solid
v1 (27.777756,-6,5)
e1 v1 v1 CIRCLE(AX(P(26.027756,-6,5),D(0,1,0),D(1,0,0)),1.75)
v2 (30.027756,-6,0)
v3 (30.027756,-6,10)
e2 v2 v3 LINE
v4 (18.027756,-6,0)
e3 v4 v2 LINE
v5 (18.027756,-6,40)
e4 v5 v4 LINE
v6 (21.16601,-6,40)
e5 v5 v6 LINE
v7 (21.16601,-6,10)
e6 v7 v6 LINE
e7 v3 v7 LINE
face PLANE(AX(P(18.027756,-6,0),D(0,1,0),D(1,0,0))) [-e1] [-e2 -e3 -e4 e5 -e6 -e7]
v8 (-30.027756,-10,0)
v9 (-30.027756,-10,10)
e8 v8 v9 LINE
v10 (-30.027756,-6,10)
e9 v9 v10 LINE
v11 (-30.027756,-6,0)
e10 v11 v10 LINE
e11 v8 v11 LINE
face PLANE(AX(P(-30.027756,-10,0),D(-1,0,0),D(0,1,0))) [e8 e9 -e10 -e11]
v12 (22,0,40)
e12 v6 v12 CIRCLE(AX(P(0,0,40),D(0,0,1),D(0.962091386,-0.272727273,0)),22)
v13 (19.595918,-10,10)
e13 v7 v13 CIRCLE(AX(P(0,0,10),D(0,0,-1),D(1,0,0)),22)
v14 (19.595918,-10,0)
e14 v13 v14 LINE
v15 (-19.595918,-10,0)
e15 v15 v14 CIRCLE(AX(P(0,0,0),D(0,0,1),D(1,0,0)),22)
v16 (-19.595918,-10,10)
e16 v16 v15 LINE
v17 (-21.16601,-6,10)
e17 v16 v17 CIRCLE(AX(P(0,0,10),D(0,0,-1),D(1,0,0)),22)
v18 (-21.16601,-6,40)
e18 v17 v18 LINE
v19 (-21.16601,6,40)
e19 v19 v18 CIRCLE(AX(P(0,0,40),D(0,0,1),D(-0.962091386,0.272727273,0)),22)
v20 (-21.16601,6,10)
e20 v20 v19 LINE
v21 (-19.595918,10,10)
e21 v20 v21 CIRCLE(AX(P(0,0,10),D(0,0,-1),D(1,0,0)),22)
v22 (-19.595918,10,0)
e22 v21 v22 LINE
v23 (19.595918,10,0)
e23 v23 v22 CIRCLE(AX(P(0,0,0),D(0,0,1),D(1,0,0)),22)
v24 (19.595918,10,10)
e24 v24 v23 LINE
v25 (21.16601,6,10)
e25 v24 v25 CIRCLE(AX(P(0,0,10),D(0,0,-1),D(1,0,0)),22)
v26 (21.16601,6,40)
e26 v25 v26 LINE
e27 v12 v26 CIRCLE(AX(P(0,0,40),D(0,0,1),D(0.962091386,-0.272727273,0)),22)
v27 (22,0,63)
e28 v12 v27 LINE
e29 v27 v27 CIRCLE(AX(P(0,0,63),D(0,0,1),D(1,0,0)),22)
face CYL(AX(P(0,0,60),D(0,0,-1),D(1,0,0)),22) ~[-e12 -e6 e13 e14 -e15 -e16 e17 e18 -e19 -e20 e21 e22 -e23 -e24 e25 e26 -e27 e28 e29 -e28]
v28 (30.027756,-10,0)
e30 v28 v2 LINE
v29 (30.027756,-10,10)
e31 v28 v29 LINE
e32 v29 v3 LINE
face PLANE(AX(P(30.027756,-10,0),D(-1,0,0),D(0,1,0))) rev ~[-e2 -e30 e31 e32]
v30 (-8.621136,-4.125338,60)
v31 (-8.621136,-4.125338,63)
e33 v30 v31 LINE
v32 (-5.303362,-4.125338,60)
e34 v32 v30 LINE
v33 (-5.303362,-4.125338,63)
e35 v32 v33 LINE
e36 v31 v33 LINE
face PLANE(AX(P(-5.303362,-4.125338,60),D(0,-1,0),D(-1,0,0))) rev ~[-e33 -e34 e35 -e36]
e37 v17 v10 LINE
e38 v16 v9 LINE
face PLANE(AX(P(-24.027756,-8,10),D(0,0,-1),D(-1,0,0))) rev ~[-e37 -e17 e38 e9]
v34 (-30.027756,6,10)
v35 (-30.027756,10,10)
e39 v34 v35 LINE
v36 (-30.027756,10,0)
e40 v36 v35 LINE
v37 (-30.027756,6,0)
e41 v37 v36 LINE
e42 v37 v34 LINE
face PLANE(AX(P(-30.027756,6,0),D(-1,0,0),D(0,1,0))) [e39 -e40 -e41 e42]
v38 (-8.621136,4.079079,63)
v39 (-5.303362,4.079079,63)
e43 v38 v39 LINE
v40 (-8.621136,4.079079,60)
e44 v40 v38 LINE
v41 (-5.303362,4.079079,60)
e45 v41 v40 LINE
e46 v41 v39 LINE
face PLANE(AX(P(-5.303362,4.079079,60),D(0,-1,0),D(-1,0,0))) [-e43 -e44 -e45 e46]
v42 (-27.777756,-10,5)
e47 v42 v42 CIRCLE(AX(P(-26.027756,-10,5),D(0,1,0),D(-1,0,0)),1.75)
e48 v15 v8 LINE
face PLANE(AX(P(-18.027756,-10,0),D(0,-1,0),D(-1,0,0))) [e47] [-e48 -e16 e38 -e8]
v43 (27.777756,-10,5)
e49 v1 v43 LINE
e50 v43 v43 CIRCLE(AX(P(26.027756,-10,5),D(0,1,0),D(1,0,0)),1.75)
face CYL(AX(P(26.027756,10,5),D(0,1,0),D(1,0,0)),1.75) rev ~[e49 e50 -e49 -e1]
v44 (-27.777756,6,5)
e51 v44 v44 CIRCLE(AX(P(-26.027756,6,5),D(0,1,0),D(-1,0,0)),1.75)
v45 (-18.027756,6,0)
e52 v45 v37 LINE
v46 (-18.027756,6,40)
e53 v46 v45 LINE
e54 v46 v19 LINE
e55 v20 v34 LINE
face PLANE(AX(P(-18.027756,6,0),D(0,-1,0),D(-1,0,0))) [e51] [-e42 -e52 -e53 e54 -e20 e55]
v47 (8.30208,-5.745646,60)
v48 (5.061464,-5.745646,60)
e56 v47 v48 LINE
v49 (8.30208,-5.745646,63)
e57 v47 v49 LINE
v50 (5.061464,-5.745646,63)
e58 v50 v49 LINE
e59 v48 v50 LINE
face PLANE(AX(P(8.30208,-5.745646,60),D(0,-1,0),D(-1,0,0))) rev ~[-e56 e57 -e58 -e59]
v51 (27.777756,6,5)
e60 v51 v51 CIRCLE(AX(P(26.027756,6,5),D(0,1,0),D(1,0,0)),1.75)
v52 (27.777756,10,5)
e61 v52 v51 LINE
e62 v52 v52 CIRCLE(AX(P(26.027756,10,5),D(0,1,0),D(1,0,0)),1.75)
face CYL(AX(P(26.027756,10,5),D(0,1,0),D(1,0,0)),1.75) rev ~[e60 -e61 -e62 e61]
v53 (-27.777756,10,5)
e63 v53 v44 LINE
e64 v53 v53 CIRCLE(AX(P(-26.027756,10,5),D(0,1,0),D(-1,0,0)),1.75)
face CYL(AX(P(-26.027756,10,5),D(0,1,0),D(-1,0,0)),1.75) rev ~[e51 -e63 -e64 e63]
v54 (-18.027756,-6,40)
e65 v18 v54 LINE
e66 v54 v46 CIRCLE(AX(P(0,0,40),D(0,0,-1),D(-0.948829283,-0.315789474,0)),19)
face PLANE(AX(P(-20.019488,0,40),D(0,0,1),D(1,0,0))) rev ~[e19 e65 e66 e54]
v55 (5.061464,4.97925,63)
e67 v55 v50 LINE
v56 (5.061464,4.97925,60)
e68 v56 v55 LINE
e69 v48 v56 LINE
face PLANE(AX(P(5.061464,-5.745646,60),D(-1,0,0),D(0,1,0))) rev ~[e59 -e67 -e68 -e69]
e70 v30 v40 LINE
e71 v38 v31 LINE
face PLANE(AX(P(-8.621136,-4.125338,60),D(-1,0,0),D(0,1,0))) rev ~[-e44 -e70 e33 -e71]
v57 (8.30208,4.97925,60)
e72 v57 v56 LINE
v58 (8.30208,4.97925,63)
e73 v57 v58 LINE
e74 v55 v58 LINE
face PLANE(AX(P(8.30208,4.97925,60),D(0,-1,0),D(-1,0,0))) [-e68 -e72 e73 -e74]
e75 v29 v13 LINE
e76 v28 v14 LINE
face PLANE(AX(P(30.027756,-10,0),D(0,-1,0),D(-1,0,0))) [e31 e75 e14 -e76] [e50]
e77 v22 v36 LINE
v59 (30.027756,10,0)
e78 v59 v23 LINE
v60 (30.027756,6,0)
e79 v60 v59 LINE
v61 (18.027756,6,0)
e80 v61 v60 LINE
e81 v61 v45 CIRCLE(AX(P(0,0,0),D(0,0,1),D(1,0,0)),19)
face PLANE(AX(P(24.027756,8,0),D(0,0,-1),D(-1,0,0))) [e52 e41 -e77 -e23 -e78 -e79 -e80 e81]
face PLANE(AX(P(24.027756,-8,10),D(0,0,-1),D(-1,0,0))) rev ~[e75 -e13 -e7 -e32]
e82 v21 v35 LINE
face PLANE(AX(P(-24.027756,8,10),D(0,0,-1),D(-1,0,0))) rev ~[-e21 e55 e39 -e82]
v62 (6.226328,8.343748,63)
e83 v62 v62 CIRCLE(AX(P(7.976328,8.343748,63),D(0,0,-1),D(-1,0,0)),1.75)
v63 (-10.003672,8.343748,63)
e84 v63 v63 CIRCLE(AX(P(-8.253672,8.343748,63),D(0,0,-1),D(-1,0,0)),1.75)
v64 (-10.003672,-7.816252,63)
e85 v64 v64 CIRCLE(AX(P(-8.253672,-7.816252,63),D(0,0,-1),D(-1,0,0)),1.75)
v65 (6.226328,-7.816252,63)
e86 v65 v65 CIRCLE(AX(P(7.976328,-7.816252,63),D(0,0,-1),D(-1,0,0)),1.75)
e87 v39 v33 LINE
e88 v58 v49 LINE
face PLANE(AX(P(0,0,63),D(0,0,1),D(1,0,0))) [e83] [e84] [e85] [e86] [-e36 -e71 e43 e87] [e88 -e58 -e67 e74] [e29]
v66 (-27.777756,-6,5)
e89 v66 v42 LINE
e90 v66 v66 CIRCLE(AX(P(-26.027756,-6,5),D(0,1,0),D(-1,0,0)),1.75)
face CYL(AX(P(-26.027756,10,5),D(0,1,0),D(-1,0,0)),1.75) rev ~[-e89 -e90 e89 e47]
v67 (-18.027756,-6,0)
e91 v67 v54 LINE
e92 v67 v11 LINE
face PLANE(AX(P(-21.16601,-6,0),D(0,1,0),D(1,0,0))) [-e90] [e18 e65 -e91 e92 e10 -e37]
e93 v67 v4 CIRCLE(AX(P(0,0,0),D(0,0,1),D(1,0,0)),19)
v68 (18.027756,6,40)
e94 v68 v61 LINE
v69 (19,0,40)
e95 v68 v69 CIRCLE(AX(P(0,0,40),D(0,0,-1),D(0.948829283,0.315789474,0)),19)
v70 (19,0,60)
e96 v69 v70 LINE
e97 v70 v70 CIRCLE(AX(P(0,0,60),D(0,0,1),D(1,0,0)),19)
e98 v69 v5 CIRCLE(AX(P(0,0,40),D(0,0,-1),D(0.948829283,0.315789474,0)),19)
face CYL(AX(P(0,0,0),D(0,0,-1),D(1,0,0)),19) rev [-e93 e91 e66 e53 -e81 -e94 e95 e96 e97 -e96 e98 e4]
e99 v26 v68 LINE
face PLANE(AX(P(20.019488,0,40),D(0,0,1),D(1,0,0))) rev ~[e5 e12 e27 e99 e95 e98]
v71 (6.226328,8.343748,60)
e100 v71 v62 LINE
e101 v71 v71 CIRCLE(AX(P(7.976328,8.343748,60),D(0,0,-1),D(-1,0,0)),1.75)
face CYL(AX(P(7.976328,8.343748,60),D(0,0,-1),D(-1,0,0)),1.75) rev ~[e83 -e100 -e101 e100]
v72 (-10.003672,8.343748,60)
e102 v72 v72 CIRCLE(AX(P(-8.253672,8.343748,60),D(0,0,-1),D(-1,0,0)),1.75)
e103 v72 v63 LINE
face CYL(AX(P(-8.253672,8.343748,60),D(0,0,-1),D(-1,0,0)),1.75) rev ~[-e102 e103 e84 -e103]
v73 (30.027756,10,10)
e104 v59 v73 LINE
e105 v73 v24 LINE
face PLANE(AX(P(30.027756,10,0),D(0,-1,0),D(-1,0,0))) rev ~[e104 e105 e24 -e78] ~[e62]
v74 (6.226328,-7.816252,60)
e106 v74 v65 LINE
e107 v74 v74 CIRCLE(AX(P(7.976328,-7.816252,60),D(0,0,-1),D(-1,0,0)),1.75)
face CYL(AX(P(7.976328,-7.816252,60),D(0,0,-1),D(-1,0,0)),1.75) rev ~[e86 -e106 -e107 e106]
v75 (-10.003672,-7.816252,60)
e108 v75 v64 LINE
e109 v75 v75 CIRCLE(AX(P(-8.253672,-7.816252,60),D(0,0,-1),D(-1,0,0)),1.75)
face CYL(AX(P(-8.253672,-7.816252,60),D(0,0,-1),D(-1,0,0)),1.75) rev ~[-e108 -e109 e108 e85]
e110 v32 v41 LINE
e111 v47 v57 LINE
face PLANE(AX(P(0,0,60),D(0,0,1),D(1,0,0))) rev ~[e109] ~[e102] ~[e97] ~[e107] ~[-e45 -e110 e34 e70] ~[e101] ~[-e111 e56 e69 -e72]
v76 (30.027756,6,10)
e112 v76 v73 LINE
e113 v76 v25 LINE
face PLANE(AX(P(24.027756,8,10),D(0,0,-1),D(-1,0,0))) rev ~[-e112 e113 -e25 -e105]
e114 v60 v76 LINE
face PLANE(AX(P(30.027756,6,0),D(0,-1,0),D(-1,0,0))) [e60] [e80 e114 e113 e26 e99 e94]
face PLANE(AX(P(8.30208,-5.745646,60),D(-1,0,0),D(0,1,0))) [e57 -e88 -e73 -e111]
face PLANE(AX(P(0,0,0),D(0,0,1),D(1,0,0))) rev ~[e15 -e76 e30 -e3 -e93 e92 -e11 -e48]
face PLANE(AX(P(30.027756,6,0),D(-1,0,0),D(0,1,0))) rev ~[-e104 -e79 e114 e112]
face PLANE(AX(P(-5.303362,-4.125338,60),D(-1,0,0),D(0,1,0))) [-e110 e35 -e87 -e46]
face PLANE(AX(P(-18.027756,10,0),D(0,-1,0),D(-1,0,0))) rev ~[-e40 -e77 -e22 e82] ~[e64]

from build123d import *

# Parameters (mm, degrees)
SKETCH1_R           = 22
SKETCH1_R_2         = 19
BOSS_EXTRUDE1_DEPTH = 60
SKETCH2_R           = 22
BOSS_EXTRUDE2_DEPTH = 3
CUT_EXTRUDE1_DEPTH  = 40
SKETCH8_R           = 1.75
SKETCH8_W           = 3.317773355
SKETCH8_H           = 8.204416282
SKETCH8_W_2         = 3.240615835
SKETCH8_H_2         = 10.724895265
CUT_EXTRUDE4_DEPTH  = 68.586980995
SKETCH9_W           = 12
SKETCH9_H           = 4
BOSS_EXTRUDE3_DEPTH = 10
SKETCH10_R          = 1.75
CUT_EXTRUDE5_DEPTH  = 77.776729242


with BuildPart() as part:
    # Sketch1 → Boss-Extrude1 (new body)
    with BuildSketch(Plane.XY):
        Circle(SKETCH1_R)
        Circle(SKETCH1_R_2, mode=Mode.SUBTRACT)
    extrude(amount=BOSS_EXTRUDE1_DEPTH)

    # Sketch2 → Boss-Extrude2 (add)
    with BuildSketch(Plane.XY.offset(60)):
        Circle(SKETCH2_R)
    extrude(amount=BOSS_EXTRUDE2_DEPTH)

    # Sketch3 → Cut-Extrude1 (cut)
    with BuildSketch(Plane(origin=(0, 0, 0), x_dir=(-1, 0, 0), z_dir=(0, 0, -1))):
        with BuildLine():
            Line((-21.166010489, 6), (-18.027756377, 6))
            ThreePointArc((-18.027756377, 6), (-19, 0), (-18.027756377, -6))
            Line((-18.027756377, -6), (-21.166010489, -6))
            ThreePointArc((-21.166010489, -6), (-22, 0), (-21.166010489, 6))
        make_face()
        with BuildLine():
            Line((18.027756377, 6), (21.166010489, 6))
            ThreePointArc((21.166010489, 6), (22, 0), (21.166010489, -6))
            Line((21.166010489, -6), (18.027756377, -6))
            ThreePointArc((18.027756377, -6), (19, 0), (18.027756377, 6))
        make_face()
    extrude(amount=-CUT_EXTRUDE1_DEPTH, mode=Mode.SUBTRACT)

    # Sketch8 → Cut-Extrude4 (cut, through all)
    with BuildSketch(Plane(origin=(0, 0, 60), x_dir=(-1, 0, 0), z_dir=(0, 0, -1))):
        with Locations((-7.976328212, -7.816252109)):
            Circle(SKETCH8_R)
        with Locations((-7.976328212, 8.343747891)):
            Circle(SKETCH8_R)
        with Locations((8.253671788, 8.343747891)):
            Circle(SKETCH8_R)
        with Locations((8.253671788, -7.816252109)):
            Circle(SKETCH8_R)
        with Locations((6.962249116, -0.023129474)):
            Rectangle(SKETCH8_W, SKETCH8_H)
        with Locations((-6.681772319, -0.3831979)):
            Rectangle(SKETCH8_W_2, SKETCH8_H_2)
    extrude(amount=-CUT_EXTRUDE4_DEPTH, mode=Mode.SUBTRACT)

    # Sketch9 → Boss-Extrude3 (add)
    with BuildSketch(Plane(origin=(0, 0, 0), x_dir=(-1, 0, 0), z_dir=(0, 0, -1))):
        with Locations((-24.027756377, 8)):
            Rectangle(SKETCH9_W, SKETCH9_H)
        with Locations((-24.027756377, -8)):
            Rectangle(SKETCH9_W, SKETCH9_H)
        with Locations((24.027756377, -8)):
            Rectangle(SKETCH9_W, SKETCH9_H)
        with Locations((24.027756377, 8)):
            Rectangle(SKETCH9_W, SKETCH9_H)
    extrude(amount=-BOSS_EXTRUDE3_DEPTH)

    # Sketch10 → Cut-Extrude5 (cut, through all)
    with BuildSketch(Plane(origin=(0, 10, 0), x_dir=(1, 0, 0), z_dir=(0, 1, 0))):
        with Locations(Location((-26.027756377, -5, 0), (0, 0, 180))):
            Circle(SKETCH10_R)
        with Locations((26.027756377, -5)):
            Circle(SKETCH10_R)
    extrude(amount=-CUT_EXTRUDE5_DEPTH, mode=Mode.SUBTRACT)


solid = part.part
